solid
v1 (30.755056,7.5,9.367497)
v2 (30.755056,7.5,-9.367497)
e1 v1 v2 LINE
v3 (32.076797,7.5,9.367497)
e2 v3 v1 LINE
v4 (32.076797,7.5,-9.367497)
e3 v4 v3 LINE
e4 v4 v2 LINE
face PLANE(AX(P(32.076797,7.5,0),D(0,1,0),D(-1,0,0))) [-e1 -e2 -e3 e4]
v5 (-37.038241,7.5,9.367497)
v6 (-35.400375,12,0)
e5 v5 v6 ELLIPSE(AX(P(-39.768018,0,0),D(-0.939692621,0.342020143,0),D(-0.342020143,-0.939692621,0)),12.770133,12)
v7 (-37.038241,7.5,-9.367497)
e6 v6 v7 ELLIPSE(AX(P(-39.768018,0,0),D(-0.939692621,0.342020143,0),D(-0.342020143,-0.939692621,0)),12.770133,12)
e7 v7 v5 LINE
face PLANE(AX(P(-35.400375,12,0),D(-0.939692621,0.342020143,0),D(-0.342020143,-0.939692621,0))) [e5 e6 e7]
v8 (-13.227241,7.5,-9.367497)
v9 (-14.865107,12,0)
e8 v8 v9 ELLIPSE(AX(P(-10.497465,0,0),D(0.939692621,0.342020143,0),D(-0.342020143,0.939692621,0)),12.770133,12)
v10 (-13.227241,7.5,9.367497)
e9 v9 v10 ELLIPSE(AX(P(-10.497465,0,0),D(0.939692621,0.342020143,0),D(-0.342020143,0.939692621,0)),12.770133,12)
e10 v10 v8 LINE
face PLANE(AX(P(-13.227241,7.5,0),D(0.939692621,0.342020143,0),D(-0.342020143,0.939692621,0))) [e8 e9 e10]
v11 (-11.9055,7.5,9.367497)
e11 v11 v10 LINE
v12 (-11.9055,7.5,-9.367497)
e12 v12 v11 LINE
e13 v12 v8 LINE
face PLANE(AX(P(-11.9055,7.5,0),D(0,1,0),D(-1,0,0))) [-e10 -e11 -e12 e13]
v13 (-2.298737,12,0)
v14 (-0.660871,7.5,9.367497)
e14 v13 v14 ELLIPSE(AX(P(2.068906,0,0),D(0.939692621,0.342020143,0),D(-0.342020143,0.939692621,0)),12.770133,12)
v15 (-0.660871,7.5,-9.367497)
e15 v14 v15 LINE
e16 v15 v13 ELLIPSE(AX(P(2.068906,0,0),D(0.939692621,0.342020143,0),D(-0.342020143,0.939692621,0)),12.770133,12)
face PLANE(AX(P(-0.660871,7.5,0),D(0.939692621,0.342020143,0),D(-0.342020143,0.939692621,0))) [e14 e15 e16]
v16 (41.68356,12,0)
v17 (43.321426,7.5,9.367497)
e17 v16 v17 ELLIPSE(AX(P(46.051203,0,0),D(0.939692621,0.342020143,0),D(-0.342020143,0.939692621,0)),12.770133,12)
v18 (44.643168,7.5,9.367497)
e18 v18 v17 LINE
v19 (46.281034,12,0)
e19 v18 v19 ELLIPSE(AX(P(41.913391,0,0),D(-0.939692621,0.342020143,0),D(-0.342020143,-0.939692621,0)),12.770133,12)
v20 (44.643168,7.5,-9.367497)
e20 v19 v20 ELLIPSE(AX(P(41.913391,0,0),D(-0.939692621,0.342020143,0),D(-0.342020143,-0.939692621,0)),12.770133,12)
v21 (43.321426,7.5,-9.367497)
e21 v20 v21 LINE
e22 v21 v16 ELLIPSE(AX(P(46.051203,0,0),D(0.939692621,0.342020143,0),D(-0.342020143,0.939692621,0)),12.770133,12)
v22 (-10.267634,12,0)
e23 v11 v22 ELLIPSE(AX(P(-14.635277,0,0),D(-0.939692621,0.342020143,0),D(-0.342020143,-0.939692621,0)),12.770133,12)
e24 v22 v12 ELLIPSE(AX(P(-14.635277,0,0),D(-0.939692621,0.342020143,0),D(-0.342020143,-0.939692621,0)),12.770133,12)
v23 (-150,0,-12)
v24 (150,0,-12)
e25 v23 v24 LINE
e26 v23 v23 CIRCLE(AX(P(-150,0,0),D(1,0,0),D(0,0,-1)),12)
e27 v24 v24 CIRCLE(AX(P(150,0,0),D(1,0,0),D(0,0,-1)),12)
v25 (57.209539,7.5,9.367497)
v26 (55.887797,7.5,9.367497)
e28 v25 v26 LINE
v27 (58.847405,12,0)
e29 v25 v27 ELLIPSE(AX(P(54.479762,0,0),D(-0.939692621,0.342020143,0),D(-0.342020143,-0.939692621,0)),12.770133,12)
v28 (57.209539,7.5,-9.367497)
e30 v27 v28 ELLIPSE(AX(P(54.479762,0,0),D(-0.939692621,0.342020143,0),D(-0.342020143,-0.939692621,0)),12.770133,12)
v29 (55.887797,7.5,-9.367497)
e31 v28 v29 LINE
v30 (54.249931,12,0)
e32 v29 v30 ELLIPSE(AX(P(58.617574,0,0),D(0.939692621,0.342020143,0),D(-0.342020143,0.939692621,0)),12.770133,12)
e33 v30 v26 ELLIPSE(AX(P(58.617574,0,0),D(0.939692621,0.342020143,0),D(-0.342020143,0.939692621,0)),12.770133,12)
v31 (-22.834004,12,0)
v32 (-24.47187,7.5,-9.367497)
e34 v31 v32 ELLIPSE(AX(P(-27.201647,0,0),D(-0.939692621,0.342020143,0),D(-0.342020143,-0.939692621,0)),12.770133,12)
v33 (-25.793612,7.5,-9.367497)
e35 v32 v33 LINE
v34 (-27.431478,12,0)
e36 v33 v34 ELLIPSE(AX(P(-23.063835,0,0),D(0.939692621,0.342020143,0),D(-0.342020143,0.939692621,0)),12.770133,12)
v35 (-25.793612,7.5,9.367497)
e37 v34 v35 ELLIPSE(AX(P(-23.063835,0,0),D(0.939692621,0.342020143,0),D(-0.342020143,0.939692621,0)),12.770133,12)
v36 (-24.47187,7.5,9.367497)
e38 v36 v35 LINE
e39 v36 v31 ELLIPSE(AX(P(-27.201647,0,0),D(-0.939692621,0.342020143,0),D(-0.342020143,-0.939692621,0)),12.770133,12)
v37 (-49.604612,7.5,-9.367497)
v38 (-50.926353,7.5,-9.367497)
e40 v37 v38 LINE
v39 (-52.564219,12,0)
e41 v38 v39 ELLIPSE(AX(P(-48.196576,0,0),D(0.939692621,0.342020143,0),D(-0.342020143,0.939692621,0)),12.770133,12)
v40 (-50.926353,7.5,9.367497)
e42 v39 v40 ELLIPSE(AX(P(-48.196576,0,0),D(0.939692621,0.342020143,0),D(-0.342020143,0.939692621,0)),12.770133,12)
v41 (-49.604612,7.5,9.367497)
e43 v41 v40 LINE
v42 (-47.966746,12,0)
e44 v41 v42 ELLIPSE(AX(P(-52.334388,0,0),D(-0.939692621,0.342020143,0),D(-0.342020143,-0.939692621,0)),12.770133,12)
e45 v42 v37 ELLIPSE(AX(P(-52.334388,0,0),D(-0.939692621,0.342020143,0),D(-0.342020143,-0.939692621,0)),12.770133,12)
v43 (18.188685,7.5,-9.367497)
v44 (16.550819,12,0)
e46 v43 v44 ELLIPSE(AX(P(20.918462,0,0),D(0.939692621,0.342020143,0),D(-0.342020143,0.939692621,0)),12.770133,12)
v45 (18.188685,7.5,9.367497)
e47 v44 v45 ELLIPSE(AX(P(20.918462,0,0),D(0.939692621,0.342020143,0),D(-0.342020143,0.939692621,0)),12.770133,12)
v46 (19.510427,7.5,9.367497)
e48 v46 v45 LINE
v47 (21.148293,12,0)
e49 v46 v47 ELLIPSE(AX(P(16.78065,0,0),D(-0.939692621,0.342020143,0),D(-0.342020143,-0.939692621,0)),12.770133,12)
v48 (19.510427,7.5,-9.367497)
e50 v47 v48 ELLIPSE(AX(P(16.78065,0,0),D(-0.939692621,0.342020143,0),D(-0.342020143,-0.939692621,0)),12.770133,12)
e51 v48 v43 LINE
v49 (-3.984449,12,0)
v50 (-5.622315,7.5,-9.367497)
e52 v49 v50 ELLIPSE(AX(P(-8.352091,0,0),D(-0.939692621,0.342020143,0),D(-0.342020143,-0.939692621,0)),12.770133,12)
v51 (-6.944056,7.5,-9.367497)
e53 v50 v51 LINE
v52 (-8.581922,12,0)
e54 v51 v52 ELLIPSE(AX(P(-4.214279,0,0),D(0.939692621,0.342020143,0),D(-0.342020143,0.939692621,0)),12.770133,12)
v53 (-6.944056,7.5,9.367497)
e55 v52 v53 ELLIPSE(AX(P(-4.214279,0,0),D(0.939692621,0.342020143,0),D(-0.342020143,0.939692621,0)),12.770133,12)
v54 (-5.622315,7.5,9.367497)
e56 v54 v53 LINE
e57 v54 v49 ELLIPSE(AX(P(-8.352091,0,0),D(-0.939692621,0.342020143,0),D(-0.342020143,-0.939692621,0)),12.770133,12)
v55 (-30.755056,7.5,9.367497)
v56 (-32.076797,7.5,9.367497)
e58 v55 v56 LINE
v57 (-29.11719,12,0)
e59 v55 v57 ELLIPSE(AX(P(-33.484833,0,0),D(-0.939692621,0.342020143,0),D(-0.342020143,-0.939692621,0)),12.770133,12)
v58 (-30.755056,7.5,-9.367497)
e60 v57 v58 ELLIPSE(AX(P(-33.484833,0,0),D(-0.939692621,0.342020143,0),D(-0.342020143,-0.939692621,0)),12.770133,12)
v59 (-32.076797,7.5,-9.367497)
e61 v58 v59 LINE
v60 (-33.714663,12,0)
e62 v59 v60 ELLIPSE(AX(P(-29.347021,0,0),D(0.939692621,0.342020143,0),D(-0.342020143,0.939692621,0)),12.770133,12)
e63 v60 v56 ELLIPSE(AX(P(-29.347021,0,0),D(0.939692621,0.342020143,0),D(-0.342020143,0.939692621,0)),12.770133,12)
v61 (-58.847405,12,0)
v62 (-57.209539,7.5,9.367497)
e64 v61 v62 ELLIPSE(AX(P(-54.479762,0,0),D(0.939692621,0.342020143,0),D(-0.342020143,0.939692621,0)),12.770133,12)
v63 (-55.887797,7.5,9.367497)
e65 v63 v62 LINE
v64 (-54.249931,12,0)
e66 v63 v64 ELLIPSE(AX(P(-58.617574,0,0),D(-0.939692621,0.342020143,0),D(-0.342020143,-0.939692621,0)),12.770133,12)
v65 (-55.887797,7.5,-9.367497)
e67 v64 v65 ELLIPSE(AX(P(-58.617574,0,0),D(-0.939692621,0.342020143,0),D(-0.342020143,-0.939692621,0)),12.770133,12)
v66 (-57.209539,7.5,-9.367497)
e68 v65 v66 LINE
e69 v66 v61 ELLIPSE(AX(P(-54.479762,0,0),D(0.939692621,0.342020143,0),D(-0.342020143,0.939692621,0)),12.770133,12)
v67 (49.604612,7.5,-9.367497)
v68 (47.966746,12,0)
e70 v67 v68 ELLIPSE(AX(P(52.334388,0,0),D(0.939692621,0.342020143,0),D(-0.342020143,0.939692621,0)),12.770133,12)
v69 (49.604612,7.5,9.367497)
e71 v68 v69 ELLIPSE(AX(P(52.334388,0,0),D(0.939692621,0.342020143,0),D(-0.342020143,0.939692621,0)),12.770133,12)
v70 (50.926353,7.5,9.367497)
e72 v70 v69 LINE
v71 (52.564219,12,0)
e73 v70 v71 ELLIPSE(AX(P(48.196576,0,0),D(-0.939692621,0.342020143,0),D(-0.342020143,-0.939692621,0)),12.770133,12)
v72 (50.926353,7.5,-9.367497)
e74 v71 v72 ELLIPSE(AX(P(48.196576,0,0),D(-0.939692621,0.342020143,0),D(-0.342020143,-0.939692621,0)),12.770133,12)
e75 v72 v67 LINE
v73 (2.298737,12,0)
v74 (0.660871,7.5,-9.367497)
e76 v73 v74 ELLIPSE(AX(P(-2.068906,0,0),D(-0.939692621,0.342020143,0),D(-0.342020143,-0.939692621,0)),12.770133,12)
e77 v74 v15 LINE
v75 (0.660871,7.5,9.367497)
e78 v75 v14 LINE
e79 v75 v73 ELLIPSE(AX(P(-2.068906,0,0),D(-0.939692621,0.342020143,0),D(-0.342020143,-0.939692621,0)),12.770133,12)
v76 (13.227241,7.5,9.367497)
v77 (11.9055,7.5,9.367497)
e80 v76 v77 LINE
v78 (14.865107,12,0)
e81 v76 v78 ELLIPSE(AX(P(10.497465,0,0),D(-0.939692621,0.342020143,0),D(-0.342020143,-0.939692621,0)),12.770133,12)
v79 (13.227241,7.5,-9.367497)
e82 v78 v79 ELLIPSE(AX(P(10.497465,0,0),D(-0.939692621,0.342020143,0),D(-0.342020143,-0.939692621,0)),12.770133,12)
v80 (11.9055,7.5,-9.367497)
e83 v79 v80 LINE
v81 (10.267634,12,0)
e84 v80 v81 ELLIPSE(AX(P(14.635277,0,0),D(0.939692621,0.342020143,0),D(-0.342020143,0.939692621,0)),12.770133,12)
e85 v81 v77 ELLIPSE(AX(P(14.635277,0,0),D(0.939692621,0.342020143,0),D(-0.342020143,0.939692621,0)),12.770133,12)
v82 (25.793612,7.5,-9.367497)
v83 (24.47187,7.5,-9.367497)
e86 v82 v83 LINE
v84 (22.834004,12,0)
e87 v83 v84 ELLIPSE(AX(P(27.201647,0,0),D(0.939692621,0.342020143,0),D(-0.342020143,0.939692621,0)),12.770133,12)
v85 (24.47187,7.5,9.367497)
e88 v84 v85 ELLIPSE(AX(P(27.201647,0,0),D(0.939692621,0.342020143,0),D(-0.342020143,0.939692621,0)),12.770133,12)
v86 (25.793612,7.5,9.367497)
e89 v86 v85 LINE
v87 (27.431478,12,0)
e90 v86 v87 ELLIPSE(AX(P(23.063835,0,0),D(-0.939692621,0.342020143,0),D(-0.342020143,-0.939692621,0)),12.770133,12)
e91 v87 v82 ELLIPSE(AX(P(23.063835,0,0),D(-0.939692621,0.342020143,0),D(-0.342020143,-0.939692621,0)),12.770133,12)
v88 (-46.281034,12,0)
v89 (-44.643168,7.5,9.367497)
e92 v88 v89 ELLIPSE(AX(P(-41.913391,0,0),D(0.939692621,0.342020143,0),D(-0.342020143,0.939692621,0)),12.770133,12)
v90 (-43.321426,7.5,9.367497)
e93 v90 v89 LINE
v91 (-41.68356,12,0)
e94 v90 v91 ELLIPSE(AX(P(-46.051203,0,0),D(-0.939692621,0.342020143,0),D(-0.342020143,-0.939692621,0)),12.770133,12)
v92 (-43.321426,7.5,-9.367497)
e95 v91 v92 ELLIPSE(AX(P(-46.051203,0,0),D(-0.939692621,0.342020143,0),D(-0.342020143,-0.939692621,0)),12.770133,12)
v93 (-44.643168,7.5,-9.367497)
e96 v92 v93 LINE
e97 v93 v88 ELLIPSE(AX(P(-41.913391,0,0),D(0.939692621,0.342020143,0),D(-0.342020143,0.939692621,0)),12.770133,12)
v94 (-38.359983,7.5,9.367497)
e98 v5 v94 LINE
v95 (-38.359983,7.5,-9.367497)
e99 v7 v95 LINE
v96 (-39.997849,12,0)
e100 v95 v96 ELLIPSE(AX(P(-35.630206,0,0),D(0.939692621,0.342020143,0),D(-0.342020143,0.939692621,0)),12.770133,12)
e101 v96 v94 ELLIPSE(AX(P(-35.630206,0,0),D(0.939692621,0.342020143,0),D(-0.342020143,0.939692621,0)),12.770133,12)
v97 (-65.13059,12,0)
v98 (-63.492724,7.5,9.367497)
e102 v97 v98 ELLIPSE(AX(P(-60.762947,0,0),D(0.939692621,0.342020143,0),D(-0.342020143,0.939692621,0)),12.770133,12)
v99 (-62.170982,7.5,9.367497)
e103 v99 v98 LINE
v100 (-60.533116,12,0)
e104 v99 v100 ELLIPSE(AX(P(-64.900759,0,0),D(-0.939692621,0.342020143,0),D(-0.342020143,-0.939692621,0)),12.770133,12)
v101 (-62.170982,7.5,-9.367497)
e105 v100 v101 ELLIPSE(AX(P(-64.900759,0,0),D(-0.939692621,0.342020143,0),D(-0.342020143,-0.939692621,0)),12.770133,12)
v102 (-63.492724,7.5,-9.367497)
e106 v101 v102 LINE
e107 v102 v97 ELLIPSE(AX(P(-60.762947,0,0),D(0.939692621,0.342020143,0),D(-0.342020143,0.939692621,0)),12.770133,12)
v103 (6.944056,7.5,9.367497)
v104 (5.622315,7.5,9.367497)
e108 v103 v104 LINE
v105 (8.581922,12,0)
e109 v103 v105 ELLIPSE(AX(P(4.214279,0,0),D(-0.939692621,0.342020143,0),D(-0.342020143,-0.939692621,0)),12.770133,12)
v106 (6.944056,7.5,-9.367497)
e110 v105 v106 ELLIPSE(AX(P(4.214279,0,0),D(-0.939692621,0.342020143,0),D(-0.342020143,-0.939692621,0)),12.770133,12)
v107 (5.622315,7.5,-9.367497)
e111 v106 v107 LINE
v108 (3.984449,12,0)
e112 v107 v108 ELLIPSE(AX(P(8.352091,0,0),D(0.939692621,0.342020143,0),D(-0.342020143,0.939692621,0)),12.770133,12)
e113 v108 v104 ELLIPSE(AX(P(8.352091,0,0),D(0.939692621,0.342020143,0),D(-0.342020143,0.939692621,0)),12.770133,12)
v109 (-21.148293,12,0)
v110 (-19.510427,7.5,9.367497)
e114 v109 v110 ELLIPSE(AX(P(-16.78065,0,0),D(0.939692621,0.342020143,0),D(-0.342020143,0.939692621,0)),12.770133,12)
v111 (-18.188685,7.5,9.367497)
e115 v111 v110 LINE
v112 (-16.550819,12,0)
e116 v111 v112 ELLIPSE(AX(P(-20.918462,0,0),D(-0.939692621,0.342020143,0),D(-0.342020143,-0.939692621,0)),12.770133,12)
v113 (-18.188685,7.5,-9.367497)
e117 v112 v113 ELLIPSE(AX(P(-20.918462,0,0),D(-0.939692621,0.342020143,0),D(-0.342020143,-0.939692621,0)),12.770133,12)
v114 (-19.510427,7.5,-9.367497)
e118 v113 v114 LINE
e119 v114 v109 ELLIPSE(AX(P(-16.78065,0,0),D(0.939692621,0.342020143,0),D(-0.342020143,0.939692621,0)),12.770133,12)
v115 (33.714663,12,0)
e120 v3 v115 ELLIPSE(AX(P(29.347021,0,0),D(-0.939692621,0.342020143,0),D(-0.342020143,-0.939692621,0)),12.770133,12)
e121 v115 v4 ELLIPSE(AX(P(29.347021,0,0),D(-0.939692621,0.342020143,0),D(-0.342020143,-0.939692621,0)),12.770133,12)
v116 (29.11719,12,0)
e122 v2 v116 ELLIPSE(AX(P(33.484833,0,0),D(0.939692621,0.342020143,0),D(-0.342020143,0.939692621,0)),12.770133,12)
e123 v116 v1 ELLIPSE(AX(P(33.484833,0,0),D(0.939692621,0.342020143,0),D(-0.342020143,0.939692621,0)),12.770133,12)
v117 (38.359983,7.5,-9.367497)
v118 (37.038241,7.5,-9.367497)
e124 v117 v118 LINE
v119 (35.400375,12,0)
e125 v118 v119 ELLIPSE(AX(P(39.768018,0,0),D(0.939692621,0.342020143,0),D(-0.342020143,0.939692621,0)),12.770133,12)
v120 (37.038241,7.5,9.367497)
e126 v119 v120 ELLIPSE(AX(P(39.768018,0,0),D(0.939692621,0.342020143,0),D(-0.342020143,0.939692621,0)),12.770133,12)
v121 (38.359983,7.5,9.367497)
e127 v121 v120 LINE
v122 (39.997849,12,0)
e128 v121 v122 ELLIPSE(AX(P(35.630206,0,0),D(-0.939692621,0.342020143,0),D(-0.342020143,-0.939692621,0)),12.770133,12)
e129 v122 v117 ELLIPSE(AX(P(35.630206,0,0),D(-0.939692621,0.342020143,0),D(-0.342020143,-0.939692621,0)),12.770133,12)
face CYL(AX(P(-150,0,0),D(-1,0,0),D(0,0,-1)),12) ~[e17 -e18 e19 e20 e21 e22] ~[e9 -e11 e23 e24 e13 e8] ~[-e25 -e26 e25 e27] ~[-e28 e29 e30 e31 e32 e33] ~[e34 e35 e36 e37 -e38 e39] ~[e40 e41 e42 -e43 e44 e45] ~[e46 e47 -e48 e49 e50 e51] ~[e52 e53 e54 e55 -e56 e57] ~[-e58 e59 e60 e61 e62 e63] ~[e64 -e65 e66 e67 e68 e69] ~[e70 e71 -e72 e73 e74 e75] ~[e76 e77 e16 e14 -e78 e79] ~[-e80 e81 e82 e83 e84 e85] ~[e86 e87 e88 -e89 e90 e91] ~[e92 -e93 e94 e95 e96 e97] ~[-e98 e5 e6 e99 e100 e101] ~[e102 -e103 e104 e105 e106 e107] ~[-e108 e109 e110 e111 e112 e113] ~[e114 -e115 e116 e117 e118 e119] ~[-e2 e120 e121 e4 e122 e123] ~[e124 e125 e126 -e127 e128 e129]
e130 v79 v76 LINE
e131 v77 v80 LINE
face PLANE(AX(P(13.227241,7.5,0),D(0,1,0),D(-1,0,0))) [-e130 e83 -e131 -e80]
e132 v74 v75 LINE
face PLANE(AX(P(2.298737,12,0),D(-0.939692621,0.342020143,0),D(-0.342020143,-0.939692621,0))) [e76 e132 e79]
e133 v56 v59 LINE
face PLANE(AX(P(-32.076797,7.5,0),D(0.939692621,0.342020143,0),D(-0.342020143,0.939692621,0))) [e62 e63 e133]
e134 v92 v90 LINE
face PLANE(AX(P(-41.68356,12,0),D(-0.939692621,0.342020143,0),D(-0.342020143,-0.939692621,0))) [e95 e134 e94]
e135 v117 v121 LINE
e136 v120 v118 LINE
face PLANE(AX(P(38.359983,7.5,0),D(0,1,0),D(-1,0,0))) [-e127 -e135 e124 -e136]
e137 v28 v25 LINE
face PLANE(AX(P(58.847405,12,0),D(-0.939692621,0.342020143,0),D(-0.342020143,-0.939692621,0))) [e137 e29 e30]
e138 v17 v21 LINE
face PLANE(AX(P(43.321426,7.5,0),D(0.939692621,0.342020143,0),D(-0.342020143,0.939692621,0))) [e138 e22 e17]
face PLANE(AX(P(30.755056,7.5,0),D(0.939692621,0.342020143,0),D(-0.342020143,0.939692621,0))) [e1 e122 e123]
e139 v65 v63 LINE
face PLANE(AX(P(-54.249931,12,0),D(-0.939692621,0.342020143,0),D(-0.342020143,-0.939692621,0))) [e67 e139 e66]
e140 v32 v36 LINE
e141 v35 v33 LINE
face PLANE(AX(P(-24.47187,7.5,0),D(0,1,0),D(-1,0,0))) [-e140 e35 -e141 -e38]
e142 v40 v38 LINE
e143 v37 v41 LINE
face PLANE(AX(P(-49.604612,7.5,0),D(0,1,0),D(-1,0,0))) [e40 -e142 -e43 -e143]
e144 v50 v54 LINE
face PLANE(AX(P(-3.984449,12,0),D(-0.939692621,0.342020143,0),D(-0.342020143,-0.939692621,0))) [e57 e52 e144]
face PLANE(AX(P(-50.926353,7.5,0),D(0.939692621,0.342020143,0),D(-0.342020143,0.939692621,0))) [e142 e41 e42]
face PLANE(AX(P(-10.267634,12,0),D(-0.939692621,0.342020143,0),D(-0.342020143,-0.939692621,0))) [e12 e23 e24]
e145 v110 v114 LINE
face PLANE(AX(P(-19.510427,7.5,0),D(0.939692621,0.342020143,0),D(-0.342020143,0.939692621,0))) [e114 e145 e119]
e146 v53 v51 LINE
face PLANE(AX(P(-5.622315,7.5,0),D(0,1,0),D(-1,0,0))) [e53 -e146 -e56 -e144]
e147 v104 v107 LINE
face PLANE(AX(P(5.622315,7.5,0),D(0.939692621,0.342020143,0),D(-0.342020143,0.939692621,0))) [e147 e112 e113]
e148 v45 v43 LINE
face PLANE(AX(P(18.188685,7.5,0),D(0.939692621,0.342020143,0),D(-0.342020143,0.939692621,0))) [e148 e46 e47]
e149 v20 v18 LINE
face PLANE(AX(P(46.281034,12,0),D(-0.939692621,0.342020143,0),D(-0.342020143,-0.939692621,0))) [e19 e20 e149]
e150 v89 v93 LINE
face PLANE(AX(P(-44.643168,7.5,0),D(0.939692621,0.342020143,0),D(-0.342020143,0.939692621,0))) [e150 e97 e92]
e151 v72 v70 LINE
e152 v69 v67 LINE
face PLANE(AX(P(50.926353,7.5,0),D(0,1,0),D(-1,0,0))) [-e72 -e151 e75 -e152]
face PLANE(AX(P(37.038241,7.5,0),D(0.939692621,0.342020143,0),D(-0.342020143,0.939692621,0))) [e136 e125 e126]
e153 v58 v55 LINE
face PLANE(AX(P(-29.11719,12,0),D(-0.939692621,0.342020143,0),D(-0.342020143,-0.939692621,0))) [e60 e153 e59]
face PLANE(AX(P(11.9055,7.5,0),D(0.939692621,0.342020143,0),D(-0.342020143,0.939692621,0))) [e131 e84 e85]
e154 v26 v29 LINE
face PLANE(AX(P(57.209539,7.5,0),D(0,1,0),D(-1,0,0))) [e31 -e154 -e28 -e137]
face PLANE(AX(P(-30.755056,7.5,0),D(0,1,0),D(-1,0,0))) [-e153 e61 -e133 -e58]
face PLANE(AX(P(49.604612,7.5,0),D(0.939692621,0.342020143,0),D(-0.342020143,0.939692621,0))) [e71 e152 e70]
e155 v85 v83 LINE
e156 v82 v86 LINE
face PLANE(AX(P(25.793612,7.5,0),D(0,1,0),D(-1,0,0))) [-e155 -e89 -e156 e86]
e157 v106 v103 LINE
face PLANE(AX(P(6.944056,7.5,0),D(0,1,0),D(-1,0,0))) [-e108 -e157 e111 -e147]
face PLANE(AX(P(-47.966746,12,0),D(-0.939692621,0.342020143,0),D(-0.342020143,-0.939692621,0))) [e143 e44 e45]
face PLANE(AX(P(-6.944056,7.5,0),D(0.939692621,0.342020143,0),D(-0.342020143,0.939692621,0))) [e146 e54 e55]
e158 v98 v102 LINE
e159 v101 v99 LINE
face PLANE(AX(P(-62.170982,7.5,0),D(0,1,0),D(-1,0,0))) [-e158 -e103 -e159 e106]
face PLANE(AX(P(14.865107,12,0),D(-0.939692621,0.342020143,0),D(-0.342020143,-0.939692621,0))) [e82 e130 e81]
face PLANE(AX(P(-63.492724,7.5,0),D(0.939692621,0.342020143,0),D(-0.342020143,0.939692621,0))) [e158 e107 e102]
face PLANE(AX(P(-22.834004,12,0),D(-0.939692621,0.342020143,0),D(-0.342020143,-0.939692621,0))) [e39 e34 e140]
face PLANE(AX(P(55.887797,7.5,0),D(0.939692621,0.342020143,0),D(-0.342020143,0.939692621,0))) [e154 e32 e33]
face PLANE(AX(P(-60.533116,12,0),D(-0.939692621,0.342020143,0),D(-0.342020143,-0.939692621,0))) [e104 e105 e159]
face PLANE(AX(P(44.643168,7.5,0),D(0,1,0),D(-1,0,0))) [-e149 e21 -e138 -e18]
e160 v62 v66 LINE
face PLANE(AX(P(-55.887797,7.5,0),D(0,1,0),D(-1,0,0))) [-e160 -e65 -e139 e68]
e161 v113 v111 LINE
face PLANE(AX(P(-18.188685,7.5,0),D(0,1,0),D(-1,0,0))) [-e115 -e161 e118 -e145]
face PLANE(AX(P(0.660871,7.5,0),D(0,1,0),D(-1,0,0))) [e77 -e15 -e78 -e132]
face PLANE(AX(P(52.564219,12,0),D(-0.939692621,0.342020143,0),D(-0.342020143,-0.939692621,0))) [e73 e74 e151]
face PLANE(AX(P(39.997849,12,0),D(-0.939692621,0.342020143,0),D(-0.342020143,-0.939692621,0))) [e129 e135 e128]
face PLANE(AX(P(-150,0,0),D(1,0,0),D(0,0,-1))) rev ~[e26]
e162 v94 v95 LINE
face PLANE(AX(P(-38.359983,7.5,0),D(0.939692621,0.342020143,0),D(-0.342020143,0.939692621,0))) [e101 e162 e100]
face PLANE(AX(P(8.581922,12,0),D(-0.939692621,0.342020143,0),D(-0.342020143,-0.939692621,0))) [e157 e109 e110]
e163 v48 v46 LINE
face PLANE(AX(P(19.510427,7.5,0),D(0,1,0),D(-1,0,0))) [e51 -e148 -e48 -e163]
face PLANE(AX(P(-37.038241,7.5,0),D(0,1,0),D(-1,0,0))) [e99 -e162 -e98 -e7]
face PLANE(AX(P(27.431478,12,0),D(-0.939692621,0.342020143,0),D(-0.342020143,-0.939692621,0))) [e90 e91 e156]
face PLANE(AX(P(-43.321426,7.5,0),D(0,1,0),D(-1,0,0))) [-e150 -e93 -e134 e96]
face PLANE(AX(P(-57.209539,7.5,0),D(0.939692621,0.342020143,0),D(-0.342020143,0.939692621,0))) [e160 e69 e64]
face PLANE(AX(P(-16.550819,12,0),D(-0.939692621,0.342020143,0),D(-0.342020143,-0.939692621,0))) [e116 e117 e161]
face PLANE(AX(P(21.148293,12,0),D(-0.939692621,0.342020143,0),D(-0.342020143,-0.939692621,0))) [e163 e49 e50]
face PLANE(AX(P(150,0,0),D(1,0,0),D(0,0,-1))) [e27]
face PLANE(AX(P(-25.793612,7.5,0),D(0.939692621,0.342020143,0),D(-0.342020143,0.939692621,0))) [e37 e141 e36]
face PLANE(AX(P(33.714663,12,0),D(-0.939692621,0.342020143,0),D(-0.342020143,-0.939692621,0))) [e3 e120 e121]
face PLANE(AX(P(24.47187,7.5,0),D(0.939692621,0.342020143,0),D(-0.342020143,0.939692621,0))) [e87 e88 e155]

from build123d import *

# Parameters (mm, degrees)
BOSS_EXTRUDE1_DEPTH      = 150
BOSS_EXTRUDE1_DEPTH_BACK = 150
SKETCH1_R                = 12
CUT_EXTRUDE1_DEPTH       = 151.956947505
LPATTERN1_COUNT          = 20
LPATTERN1_PITCH          = 6.283185307


with BuildPart() as part:
    # Sketch1 → Boss-Extrude1 (new, two sides: drawn at the far end of the back side and taken through both)
    with BuildSketch(Plane(origin=(0, 0, 0), x_dir=(0, 0, -1), z_dir=(1, 0, 0)).offset(-BOSS_EXTRUDE1_DEPTH_BACK)):
        Circle(SKETCH1_R)
    extrude(amount=BOSS_EXTRUDE1_DEPTH + BOSS_EXTRUDE1_DEPTH_BACK)

    # Sketch2 → Cut-Extrude1 (cut, symmetric)
    with BuildSketch(Plane.XY):
        Polygon((-62.170982331, 7.5), (-63.492723813, 7.5), (-65.130589867, 12), (-60.533116276, 12), align=None)
    cut_extrude1 = extrude(amount=CUT_EXTRUDE1_DEPTH, both=True, mode=Mode.SUBTRACT)

    # LPattern1: Cut-Extrude1 ×20
    with Locations(*[(i * LPATTERN1_PITCH, 0, 0) for i in range(1, LPATTERN1_COUNT)]):
        add(cut_extrude1, mode=Mode.SUBTRACT)


solid = part.part
